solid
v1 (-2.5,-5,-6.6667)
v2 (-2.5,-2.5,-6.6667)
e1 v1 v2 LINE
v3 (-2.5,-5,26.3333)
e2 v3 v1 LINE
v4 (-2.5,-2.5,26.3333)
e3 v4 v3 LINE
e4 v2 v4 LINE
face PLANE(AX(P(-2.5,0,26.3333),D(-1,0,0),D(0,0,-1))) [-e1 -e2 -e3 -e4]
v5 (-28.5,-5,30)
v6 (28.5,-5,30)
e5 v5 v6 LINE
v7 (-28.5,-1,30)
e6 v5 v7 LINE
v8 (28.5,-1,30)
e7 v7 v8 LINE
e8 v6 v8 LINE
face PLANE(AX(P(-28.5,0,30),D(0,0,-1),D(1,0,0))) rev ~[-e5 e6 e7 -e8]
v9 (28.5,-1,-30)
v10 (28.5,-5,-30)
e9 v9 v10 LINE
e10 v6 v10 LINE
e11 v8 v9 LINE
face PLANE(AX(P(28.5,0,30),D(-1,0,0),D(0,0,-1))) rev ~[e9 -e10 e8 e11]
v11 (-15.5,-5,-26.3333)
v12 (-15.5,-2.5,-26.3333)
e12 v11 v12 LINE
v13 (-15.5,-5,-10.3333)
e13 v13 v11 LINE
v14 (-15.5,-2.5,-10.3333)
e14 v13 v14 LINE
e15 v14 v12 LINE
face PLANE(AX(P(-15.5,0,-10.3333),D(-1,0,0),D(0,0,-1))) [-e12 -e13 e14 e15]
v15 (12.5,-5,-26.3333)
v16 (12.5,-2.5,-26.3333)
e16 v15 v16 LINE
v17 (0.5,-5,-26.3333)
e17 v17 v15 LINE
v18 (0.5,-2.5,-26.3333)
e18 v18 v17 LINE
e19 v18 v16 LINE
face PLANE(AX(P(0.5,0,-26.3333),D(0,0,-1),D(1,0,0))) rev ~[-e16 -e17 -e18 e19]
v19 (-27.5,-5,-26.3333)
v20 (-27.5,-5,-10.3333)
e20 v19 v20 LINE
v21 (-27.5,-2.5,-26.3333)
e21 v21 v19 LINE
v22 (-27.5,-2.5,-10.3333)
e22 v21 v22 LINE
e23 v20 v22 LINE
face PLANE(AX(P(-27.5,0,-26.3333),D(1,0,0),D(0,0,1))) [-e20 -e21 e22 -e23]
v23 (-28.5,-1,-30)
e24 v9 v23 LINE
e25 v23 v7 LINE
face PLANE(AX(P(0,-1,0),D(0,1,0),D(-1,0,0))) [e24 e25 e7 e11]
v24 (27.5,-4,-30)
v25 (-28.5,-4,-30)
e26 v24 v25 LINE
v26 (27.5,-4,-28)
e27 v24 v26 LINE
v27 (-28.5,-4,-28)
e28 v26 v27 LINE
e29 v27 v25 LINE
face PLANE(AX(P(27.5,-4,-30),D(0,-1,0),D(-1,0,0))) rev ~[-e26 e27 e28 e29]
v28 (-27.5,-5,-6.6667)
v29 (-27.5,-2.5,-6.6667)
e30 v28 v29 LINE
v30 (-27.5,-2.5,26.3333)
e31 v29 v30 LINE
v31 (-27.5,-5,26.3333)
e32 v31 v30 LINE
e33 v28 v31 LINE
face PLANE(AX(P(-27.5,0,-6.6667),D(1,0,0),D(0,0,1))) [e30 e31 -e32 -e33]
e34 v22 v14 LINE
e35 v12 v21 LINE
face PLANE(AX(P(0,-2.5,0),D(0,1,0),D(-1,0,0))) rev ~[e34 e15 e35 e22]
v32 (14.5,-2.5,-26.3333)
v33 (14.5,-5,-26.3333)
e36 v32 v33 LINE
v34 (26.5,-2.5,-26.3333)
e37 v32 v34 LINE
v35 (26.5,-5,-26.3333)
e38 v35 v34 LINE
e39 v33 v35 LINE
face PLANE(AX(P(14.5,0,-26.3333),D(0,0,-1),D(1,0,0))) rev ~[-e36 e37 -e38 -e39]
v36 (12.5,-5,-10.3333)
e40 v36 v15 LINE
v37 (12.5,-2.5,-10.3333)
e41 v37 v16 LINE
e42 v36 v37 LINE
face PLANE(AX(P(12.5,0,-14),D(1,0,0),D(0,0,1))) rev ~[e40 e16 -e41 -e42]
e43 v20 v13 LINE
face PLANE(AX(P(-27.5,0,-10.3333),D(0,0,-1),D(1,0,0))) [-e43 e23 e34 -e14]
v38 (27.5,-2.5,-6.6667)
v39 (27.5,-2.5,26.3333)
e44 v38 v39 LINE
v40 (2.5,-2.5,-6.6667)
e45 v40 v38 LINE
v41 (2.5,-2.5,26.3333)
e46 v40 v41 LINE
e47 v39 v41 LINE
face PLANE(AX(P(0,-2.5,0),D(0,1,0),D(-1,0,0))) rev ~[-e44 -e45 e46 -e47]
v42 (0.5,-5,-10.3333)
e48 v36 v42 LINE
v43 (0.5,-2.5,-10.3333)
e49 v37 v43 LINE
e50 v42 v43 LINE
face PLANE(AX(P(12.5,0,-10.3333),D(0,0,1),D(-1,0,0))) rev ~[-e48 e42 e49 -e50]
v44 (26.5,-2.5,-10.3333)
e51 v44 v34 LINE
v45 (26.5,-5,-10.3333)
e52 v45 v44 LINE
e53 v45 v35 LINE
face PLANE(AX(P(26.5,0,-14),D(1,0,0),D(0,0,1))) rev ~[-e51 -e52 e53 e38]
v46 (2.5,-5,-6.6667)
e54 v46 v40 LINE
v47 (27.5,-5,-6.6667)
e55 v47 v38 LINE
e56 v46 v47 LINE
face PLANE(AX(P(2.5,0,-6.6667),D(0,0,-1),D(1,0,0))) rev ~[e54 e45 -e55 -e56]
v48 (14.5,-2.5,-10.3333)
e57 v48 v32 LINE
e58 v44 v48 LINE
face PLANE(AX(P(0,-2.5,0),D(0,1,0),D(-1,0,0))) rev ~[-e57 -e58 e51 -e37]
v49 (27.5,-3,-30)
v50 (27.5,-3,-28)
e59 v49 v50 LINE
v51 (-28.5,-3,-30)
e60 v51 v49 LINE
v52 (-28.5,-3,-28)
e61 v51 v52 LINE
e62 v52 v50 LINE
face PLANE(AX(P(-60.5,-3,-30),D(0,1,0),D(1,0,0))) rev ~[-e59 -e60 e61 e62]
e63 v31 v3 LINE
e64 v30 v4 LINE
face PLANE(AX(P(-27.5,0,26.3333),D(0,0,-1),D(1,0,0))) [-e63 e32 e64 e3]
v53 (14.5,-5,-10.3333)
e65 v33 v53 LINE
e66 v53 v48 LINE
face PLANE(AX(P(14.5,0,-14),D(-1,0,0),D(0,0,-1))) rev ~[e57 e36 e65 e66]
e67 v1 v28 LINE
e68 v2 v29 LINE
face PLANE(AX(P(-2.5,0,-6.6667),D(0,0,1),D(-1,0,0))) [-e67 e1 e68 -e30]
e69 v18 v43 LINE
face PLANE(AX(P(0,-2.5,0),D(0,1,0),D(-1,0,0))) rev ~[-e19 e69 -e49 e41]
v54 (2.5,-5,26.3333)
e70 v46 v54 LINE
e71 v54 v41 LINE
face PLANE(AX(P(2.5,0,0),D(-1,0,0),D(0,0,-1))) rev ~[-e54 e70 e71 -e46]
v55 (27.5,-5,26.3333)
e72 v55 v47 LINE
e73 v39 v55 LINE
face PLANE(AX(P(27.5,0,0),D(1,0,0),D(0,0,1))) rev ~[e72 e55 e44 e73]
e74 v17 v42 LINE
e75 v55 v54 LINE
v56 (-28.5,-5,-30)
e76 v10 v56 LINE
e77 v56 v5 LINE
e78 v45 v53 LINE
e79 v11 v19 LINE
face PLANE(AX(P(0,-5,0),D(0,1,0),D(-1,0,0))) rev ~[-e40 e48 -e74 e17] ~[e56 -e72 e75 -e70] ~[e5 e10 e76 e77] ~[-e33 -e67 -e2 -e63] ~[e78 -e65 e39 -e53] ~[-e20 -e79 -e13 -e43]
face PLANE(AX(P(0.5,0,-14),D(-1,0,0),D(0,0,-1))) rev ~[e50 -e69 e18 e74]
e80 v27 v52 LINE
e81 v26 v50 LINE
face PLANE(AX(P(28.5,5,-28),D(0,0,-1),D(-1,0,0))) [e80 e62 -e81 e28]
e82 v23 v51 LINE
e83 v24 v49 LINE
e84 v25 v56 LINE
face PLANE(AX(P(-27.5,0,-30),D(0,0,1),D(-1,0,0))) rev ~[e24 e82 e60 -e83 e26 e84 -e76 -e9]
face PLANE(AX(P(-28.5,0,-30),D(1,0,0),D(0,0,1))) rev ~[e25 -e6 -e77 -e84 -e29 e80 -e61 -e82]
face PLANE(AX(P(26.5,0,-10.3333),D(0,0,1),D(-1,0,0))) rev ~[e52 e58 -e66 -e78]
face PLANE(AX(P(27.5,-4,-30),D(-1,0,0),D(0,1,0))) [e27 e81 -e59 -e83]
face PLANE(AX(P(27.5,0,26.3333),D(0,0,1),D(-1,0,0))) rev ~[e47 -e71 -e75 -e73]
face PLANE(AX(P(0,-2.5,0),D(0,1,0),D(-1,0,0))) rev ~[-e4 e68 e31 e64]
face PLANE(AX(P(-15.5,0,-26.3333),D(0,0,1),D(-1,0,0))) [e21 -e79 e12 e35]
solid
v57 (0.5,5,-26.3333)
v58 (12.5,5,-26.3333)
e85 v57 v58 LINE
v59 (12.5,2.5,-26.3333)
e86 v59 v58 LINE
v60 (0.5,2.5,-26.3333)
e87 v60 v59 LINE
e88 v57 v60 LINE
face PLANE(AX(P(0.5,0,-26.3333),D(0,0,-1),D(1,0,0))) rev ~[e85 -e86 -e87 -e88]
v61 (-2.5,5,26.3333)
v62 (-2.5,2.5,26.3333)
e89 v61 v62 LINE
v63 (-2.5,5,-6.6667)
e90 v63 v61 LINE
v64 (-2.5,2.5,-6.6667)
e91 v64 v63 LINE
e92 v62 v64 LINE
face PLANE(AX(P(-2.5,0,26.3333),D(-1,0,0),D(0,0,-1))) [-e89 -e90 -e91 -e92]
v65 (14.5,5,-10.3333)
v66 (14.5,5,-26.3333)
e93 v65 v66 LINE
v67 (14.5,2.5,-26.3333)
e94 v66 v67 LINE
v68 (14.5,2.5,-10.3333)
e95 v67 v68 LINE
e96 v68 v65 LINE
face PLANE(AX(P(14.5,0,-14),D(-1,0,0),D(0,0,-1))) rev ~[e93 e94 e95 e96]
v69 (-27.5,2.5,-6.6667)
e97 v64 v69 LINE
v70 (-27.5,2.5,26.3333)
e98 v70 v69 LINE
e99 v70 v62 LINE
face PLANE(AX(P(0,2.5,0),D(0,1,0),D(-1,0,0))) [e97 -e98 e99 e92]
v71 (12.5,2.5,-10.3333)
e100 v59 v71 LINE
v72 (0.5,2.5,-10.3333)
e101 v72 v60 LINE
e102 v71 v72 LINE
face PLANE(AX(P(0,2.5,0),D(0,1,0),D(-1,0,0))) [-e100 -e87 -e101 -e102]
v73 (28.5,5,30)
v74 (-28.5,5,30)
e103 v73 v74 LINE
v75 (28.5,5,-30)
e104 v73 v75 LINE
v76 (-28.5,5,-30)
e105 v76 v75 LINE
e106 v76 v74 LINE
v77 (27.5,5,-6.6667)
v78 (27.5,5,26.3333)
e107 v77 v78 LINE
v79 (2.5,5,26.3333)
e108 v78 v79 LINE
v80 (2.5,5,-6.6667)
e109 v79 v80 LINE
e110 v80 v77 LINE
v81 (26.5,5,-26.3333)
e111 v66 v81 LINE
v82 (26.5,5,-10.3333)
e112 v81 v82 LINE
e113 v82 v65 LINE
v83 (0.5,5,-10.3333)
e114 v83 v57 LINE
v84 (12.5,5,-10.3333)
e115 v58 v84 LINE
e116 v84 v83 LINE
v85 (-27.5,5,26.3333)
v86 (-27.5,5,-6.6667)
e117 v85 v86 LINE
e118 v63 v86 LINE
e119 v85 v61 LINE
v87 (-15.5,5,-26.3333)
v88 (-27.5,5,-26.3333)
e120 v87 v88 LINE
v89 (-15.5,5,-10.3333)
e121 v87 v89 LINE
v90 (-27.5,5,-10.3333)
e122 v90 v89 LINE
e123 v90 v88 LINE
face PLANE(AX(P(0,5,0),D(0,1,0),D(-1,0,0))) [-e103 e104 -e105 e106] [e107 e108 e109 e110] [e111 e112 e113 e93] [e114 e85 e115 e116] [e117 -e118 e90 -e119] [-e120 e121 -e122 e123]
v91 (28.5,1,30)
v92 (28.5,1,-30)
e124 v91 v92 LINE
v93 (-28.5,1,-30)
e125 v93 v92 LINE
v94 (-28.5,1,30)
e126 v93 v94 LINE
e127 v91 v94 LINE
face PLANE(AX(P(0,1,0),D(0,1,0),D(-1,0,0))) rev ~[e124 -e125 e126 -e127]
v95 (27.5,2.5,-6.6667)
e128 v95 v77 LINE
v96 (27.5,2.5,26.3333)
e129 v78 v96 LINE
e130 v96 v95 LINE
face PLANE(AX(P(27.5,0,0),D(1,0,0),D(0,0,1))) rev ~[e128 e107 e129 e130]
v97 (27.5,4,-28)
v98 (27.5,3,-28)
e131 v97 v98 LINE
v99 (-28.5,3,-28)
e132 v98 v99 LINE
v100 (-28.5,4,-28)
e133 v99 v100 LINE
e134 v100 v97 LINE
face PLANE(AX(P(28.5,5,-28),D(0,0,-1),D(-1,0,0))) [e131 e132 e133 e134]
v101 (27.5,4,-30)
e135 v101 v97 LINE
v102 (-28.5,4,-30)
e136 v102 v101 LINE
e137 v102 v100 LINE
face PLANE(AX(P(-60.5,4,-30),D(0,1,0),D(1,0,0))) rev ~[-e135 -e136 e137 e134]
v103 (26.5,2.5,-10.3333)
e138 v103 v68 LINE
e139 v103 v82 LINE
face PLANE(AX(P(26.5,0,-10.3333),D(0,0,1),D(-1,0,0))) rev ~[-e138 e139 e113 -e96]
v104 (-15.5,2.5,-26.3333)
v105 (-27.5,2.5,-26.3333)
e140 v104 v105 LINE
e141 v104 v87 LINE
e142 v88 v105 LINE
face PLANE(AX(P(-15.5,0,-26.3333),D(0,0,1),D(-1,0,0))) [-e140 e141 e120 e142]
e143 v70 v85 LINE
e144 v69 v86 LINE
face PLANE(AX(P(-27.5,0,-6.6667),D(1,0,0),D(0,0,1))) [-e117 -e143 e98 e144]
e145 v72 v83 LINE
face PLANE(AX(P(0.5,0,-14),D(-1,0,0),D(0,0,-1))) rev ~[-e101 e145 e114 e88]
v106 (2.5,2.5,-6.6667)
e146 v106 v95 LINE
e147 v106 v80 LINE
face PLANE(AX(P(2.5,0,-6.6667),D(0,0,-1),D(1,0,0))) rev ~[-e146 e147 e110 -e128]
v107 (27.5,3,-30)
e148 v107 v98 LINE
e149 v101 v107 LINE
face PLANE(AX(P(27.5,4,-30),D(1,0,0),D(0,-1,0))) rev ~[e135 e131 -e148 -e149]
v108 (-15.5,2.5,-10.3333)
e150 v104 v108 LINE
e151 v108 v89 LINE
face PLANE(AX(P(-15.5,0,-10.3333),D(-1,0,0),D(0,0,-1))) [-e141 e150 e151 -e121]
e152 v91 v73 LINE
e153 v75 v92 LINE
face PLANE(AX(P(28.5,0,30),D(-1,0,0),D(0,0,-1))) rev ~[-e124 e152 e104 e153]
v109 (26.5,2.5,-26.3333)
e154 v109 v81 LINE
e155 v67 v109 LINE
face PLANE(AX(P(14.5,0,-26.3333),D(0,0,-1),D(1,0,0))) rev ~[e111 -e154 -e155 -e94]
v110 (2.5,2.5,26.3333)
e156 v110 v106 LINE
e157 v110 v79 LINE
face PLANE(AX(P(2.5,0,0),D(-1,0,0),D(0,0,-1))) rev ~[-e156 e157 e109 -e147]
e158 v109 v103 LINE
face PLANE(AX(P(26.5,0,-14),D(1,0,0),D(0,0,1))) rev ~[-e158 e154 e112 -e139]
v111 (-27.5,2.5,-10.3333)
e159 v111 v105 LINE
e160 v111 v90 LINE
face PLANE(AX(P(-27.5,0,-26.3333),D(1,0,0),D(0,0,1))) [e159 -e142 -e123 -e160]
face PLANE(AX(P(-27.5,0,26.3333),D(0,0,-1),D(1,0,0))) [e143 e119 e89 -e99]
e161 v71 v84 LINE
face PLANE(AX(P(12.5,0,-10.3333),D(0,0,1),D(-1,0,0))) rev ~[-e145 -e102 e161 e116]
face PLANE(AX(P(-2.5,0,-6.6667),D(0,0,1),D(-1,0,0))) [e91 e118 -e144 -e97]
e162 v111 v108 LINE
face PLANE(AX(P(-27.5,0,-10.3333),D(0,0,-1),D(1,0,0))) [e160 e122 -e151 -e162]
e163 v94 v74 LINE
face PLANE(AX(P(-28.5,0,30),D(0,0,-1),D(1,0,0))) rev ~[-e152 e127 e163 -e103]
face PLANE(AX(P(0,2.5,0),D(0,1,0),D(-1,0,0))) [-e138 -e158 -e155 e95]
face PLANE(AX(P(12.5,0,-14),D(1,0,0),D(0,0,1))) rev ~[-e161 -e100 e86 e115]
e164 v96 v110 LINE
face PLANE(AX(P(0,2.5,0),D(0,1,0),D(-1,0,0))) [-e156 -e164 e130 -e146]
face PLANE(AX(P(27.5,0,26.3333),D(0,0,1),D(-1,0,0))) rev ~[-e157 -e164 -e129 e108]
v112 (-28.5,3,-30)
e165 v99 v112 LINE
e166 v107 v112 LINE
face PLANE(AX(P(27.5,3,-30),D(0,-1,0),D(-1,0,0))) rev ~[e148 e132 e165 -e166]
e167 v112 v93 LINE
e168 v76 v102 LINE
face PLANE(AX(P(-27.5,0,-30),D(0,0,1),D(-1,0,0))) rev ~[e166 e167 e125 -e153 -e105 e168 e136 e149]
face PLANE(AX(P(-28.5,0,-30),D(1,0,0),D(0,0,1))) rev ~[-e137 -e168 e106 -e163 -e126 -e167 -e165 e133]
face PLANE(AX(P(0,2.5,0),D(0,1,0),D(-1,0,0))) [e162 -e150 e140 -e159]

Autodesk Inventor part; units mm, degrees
ref_plane "YZ Plane" through (0, 0, 0) normal (1, 0, 0) x (0, 1, 0)
ref_plane "XZ Plane" through (0, 0, 0) normal (0, 1, 0) x (-1, 0, 0)
ref_plane "XY Plane" through (0, 0, 0) normal (0, 0, 1) x (1, 0, 0)
sketch "Schizzo1" plane through (0, 0, 0) normal (0, 1, 0) x (-1, 0, 0)
  line L0 (28.5, 30) -> (-28.5, 30)
  line L1 (-28.5, 30) -> (-28.5, -30)
  line L2 (-28.5, -30) -> (28.5, -30)
  line L3 (28.5, -30) -> (28.5, 30)
  line L4 (0, 0) -> (0, -115.6454) construction
  line L5 (0, 0) -> (39.5796, 0) construction
  line L6 (27.5, 26.3333) -> (2.5, 26.3333)
  line L7 (2.5, 26.3333) -> (2.5, -6.6667)
  line L8 (2.5, -6.6667) -> (27.5, -6.6667)
  line L9 (27.5, -6.6667) -> (27.5, 26.3333)
  line L10 (28.5, 30) -> (28.5, 26.3333) construction
  line L11 (28.5, 26.3333) -> (27.5, 26.3333) construction
  line L12 (15.5, -10.3333) -> (15.5, -26.3333)
  line L13 (15.5, -26.3333) -> (27.5, -26.3333)
  line L14 (27.5, -26.3333) -> (27.5, -10.3333)
  line L15 (27.5, -10.3333) -> (15.5, -10.3333)
  line L16 (27.5, -6.6667) -> (27.5, -10.3333) construction
  line L17 (27.5, -10.3333) -> (28.5, -10.3333) construction
  line L18 (1.5, -10.3333) -> (1.5, -26.3333)
  line L19 (1.5, -26.3333) -> (13.5, -26.3333)
  line L20 (13.5, -10.3333) -> (1.5, -10.3333)
  line L21 (15.5, -10.3333) -> (13.5, -10.3333) construction
  line L22 (-2.5, -6.6667) -> (-27.5, -6.6667)
  line L23 (-27.5, -6.6667) -> (-27.5, 26.3333)
  line L24 (-27.5, 26.3333) -> (-2.5, 26.3333)
  line L25 (-2.5, 26.3333) -> (-2.5, -6.6667)
  line L26 (-14.5, -10.3333) -> (-14.5, -26.3333)
  line L27 (-14.5, -26.3333) -> (-26.5, -26.3333)
  line L28 (-26.5, -26.3333) -> (-26.5, -10.3333)
  line L29 (-26.5, -10.3333) -> (-14.5, -10.3333)
  line L30 (-0.5, -10.3333) -> (-0.5, -26.3333)
  line L31 (-12.5, -26.3333) -> (-12.5, -10.3333)
  line L32 (-12.5, -10.3333) -> (-0.5, -10.3333)
  line L33 (-0.5, -26.3333) -> (-12.5, -26.3333)
  line L34 (4.1, -0.1) -> (3.9, -0.1) construction
  line L35 (1.5, -10.3333) -> (-0.5, -10.3333) construction
  line L36 (-12.5, -10.3333) -> (-14.5, -10.3333) construction
  line L37 (2.5, 26.3333) -> (-2.5, 26.3333) construction
  line L38 (27.5, 30) -> (27.5, 0)
  line L39 (27.5, 0) -> (2.5, 0)
  line L40 (2.5, 0) -> (2.5, 30)
  line L41 (-27.5, 0) -> (-2.5, 0)
  line L42 (-2.5, 30) -> (-2.5, 0)
  line L43 (-2.5, 0) -> (-27.5, 0)
  line L44 (-27.5, 0) -> (-27.5, 30)
  line L45 (28, 30) -> (28, 26.3333) construction
  line L46 (27.5, -30) -> (27.5, -14)
  line L47 (27.5, -14) -> (15.5, -14)
  line L48 (15.5, -14) -> (15.5, -30)
  line L49 (27.5, -30) -> (27.5, -26.3333) construction
  line L50 (27.5, -26.3333) -> (28.5, -26.3333) construction
  line L51 (28, -26.3333) -> (28, -30) construction
  line L52 (15.5, -26.3333) -> (13.5, -26.3333) construction
  line L53 (-27.5, 26.3333) -> (-28.5, 26.3333) construction
  line L54 (13.5, -26.3333) -> (13.5, -10.3333)
  line L55 (1.5, -14) -> (1.5, -30)
  line L56 (13.5, -14) -> (1.5, -14)
  line L57 (13.5, -30) -> (13.5, -14)
  line L58 (-12.5, -14) -> (-12.5, -30)
  line L59 (-0.5, -14) -> (-12.5, -14)
  line L60 (-0.5, -30) -> (-0.5, -14)
  line L61 (-26.5, -14) -> (-26.5, -30)
  line L62 (-14.5, -14) -> (-26.5, -14)
  line L63 (-14.5, -30) -> (-14.5, -14)
  point P0 (0.4384, -30)
  point P1 (-4.1232, -30)
  dimension "d2" = 25
  dimension "d3" = 33
  dimension "d6" = 12
  dimension "d26" = 60
  dimension "d46" = 30
  dimension "d47" = 16
  dimension "d52" = 11.0796
  dimension "d61" = 57
  dimension "d62" = 2
  dimension "d63" = 16
  dimension "d66" = 14
  dimension "d71" = 5
extrude "Estrusione1" add sketch "Schizzo1" along normal mid plane 10 contours L3 L2 L46 L14 L15 L12 L48 L57 L54 L20 L18 L55 L60 L30 L32 L31 L58 L63 L26 L29 L28 L61 L1 L0 L44 L23 L22 L25 L42 L40 L7 L8 L9 L38 | L38 L6 L40 L0 | L2 L48 L13 L46 | L42 L24 L44 L0 | L2 L55 L19 L57 | L19 L18 L56 L54 | L2 L58 L33 L60 | L56 L18 L20 L54 | L61 L27 L63 L2
extrude "Estrusione2" add sketch "Schizzo1" along normal mid plane 5 contours L9 L39 L7 L6 | L9 L8 L7 L39 | L13 L12 L47 L14 | L25 L41 L23 L24 | L47 L12 L15 L14 | L25 L22 L23 L41 | L33 L31 L59 L30 | L28 L62 L26 L27 | L59 L31 L32 L30 | L28 L29 L26 L62
sketch "Schizzo3" plane through (-28.5, 5, 30) normal (0, 0, 1) x (1, 0, 0)
  line L0 (0, -10) -> (0, 0) construction
  line L1 (0, -5) -> (28.5, -5) construction
  line L2 (1, -10) -> (26, -10) projected
  line L3 (1, 0) -> (1, -2.5) projected
  line L4 (89, -2.5) -> (89, 0) projected
  line L5 (0, -5) -> (0, -9) construction
  line L6 (0, -5) -> (0, -8) construction
  line L7 (0, -8) -> (57, -8)
  line L8 (57, -10) -> (57, 0) projected
  line L9 (0, -9) -> (57, -9)
  line L10 (89, -9) -> (89, -8)
  line L11 (1, -9) -> (1, -8)
  line L12 (0, -2) -> (57, -2)
  line L13 (0, -1) -> (57, -1)
  line L14 (89, -1) -> (89, -2)
  line L15 (1, -1) -> (1, -2)
  point P0 (1, -7.5)
  dimension "d40" = 4
  dimension "d41" = 3
extrude "Estrusione5" [suppressed]
sketch "Schizzo4" plane through (28.5, 5, -30) normal (0, 0, -1) x (-1, 0, 0)
  line L0 (89, -2) -> (89, -1) projected
  line L1 (89, -2) -> (89, -1)
  line L2 (89, -1) -> (1, -1) projected
  line L3 (89, -1) -> (1, -1)
  line L4 (1, -1) -> (1, -2) projected
  line L5 (1, -1) -> (1, -2)
  line L6 (1, -2) -> (89, -2) projected
  line L7 (1, -2) -> (89, -2)
  line L8 (89, -8) -> (1, -8) projected
  line L9 (1, -9) -> (89, -9) projected
  line L10 (89, -8) -> (89, -9)
  line L11 (89, -9) -> (1, -9)
  line L12 (1, -9) -> (1, -8)
  line L13 (1, -8) -> (89, -8)
  point P0 (28.5, -5)
extrude "Estrusione6" cut sketch "Schizzo4" against normal blind 2
extrude "Estrusione7" cut sketch "Schizzo1" along normal mid plane 2
extrude "Estrusione8" cut sketch "Schizzo1" along normal mid plane 1
properties part number "cotieni SD-micro SD versione2"
